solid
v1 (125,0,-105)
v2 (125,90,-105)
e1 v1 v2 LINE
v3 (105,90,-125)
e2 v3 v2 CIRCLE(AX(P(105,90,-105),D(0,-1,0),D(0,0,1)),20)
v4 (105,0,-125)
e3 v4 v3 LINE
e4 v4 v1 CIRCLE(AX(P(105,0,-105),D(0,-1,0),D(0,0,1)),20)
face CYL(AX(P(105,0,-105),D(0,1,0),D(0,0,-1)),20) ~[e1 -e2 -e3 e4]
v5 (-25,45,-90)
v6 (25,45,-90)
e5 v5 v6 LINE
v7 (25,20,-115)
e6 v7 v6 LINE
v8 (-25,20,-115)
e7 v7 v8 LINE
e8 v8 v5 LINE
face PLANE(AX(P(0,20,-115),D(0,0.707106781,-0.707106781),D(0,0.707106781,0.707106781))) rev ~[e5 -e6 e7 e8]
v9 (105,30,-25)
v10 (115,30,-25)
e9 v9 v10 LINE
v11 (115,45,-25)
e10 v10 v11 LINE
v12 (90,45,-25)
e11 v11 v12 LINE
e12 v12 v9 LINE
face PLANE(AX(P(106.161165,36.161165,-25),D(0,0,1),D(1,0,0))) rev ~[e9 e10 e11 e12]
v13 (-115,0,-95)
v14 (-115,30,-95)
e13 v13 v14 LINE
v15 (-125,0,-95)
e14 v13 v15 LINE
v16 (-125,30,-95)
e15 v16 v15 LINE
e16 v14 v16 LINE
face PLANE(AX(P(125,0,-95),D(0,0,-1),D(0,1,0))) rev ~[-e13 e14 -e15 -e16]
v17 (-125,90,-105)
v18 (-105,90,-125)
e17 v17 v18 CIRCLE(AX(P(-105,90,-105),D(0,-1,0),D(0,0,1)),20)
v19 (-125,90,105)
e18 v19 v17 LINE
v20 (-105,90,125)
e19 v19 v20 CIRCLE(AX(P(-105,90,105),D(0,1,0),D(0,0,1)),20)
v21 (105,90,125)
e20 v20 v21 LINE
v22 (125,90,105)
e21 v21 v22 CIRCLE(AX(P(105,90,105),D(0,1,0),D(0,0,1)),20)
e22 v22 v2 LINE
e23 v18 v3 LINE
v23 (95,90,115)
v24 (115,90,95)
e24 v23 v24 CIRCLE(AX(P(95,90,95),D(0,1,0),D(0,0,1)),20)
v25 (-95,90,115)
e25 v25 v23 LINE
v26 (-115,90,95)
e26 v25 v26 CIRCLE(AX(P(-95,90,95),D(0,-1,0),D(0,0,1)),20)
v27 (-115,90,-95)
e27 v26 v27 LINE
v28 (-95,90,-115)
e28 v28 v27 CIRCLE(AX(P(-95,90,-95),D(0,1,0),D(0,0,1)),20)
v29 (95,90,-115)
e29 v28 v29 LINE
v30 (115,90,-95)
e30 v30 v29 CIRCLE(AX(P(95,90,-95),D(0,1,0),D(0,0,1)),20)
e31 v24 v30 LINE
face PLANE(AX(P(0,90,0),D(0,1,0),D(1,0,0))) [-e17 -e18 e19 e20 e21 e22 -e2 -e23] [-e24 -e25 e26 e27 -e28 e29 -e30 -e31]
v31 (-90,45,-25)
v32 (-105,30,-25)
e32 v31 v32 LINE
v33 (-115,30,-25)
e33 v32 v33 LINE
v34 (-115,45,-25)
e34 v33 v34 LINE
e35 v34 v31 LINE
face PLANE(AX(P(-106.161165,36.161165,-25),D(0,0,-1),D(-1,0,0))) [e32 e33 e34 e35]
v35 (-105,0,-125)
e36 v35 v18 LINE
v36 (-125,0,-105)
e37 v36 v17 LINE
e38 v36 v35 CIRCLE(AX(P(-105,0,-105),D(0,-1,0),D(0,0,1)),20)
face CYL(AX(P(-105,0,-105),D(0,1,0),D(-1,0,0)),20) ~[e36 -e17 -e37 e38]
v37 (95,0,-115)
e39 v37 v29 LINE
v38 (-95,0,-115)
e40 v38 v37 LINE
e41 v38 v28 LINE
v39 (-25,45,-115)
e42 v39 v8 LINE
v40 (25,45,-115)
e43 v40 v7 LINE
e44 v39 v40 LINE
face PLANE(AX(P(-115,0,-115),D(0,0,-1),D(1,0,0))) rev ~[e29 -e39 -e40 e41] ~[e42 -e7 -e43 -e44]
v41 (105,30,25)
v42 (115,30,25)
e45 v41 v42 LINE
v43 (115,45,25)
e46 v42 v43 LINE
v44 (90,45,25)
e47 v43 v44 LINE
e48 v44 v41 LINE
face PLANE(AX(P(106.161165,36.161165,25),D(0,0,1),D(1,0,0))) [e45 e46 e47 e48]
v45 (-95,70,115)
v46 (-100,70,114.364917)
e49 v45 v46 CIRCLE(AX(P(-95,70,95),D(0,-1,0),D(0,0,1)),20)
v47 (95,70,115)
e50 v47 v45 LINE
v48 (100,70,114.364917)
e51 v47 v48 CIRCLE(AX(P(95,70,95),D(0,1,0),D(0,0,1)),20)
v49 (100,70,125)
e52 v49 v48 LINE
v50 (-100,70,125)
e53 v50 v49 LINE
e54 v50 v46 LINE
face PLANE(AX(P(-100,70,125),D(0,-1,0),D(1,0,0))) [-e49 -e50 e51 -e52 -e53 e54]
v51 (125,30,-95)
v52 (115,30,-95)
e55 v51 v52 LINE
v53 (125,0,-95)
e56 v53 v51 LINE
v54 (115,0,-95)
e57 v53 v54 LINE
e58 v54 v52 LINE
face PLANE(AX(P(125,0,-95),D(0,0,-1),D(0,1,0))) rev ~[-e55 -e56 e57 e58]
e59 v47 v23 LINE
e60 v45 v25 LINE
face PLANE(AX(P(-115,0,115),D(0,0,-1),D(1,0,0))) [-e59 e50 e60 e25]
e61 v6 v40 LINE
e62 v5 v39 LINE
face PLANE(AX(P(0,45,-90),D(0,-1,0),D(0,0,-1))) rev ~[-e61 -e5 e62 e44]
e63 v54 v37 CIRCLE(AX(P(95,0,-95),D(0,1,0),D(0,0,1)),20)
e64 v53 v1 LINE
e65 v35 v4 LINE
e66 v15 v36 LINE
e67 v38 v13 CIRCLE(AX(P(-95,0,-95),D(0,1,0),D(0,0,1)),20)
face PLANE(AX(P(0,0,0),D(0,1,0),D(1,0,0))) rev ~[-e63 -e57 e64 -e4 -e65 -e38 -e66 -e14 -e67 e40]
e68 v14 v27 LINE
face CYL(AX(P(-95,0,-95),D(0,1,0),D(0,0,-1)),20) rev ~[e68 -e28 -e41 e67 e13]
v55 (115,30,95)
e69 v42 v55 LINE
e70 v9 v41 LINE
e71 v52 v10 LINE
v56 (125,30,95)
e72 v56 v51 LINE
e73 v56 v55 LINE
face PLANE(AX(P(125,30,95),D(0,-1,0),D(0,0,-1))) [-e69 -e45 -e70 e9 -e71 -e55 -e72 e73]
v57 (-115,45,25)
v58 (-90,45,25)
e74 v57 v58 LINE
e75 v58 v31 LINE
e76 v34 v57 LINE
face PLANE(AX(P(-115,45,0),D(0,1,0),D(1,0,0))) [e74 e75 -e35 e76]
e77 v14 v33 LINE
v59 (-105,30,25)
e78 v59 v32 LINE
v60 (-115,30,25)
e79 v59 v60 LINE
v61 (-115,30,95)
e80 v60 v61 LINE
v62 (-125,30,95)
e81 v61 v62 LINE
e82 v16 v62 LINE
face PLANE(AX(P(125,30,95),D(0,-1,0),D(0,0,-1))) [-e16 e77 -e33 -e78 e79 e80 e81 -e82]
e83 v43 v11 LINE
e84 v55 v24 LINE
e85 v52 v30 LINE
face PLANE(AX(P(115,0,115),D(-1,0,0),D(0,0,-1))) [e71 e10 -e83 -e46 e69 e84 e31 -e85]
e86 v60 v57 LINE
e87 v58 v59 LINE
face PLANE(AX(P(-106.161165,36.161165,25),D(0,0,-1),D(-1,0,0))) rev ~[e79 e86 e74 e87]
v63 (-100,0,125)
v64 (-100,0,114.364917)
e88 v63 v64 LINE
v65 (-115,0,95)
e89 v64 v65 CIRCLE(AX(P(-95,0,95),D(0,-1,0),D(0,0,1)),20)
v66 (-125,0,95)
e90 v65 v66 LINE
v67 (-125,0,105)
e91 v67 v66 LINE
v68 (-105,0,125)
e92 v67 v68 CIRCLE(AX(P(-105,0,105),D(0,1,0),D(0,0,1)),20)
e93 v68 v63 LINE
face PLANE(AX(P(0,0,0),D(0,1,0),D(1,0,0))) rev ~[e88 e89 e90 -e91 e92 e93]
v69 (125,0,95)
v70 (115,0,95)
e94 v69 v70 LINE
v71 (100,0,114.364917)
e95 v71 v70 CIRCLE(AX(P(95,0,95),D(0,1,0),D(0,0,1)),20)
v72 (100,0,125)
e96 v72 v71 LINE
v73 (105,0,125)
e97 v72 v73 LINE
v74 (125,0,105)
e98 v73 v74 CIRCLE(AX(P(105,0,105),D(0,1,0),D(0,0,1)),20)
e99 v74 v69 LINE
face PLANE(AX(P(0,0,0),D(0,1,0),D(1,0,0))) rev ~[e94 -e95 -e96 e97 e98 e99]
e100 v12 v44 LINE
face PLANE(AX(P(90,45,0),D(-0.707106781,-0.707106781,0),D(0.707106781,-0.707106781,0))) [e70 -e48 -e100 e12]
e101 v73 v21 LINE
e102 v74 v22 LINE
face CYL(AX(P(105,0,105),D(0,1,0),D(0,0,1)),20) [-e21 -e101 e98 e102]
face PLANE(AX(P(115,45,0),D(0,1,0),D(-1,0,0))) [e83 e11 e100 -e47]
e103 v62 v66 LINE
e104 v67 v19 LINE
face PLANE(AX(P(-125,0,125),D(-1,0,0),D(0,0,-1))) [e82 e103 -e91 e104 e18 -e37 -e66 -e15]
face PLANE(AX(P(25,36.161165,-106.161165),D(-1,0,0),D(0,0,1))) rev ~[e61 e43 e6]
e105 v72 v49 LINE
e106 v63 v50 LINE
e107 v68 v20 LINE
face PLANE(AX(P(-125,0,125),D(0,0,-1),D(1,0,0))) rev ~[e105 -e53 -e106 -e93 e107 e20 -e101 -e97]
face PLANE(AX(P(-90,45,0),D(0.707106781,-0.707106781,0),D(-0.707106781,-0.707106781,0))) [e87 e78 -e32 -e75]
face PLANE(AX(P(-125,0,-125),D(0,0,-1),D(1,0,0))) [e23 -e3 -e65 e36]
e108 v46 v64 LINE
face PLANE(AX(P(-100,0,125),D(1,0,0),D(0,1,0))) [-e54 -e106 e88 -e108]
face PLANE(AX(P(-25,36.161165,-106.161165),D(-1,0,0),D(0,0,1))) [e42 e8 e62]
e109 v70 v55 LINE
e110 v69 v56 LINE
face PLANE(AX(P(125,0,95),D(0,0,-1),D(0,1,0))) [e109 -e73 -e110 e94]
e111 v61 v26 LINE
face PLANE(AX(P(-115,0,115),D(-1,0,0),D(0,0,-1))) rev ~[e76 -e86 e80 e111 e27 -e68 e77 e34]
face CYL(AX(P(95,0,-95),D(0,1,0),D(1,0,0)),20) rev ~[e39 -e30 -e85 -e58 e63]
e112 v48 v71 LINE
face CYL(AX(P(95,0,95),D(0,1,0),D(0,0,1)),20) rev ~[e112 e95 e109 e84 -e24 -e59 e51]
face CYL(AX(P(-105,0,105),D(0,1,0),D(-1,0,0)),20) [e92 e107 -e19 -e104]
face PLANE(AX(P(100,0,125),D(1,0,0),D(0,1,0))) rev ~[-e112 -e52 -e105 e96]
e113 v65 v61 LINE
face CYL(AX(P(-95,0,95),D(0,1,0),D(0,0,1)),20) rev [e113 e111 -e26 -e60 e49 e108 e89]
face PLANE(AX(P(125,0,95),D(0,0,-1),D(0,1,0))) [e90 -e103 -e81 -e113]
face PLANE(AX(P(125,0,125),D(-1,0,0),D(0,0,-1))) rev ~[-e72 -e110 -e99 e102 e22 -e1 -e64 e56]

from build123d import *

# Parameters (mm, degrees)
SKETCH1_W           = 250
SKETCH1_H           = 250
SKETCH1_W_2         = 230
SKETCH1_H_2         = 230
BOSS_EXTRUDE1_DEPTH = 90
SKETCH2_W           = 200
SKETCH2_H           = 70
CUT_EXTRUDE1_DEPTH  = 50
FILLET1_R           = 20
BOSS_EXTRUDE2_DEPTH = 25
BOSS_EXTRUDE3_DEPTH = 25
SKETCH6_W           = 190
SKETCH6_H           = 30
CUT_EXTRUDE2_DEPTH  = 251


with BuildPart() as part:
    # Sketch1 → Boss-Extrude1 (new body)
    with BuildSketch(Plane(origin=(0, 0, 0), x_dir=(1, 0, 0), z_dir=(0, 1, 0))):
        Rectangle(SKETCH1_W, SKETCH1_H)
        Rectangle(SKETCH1_W_2, SKETCH1_H_2, mode=Mode.SUBTRACT)
    extrude(amount=BOSS_EXTRUDE1_DEPTH)

    # Sketch2 → Cut-Extrude1 (cut)
    with BuildSketch(Plane.XY.offset(125)):
        with Locations((0, 35)):
            Rectangle(SKETCH2_W, SKETCH2_H)
    extrude(amount=-CUT_EXTRUDE1_DEPTH, mode=Mode.SUBTRACT)

    # Fillet1
    fillet1_edges = [part.edges().sort_by_distance(p)[0] for p in [
        (-115, 45, 115),
        (115, 45, 115),
        (115, 45, -115),
        (-115, 45, -115),
        (-125, 45, 125),
        (125, 45, 125),
        (125, 45, -125),
        (-125, 45, -125),
    ]]
    fillet(fillet1_edges, radius=FILLET1_R)

    # Sketch4 → Boss-Extrude2 (add, symmetric)
    with BuildSketch(Plane.XY):
        Polygon((-115, 45), (-90, 45), (-115, 20), align=None)
        Polygon((115, 45), (90, 45), (115, 20), align=None)
    extrude(amount=BOSS_EXTRUDE2_DEPTH, both=True)

    # Sketch5 → Boss-Extrude3 (add, symmetric)
    with BuildSketch(Plane(origin=(0, 0, 0), x_dir=(0, 0, -1), z_dir=(1, 0, 0))):
        Polygon((115, 45), (115, 20), (90, 45), align=None)
    extrude(amount=BOSS_EXTRUDE3_DEPTH, both=True)

    # Sketch6 → Cut-Extrude2 (cut, through all)
    with BuildSketch(Plane(origin=(125, 0, 0), x_dir=(0, 0, -1), z_dir=(1, 0, 0))):
        with Locations((0, 15)):
            Rectangle(SKETCH6_W, SKETCH6_H)
    extrude(amount=-CUT_EXTRUDE2_DEPTH, mode=Mode.SUBTRACT)


solid = part.part
